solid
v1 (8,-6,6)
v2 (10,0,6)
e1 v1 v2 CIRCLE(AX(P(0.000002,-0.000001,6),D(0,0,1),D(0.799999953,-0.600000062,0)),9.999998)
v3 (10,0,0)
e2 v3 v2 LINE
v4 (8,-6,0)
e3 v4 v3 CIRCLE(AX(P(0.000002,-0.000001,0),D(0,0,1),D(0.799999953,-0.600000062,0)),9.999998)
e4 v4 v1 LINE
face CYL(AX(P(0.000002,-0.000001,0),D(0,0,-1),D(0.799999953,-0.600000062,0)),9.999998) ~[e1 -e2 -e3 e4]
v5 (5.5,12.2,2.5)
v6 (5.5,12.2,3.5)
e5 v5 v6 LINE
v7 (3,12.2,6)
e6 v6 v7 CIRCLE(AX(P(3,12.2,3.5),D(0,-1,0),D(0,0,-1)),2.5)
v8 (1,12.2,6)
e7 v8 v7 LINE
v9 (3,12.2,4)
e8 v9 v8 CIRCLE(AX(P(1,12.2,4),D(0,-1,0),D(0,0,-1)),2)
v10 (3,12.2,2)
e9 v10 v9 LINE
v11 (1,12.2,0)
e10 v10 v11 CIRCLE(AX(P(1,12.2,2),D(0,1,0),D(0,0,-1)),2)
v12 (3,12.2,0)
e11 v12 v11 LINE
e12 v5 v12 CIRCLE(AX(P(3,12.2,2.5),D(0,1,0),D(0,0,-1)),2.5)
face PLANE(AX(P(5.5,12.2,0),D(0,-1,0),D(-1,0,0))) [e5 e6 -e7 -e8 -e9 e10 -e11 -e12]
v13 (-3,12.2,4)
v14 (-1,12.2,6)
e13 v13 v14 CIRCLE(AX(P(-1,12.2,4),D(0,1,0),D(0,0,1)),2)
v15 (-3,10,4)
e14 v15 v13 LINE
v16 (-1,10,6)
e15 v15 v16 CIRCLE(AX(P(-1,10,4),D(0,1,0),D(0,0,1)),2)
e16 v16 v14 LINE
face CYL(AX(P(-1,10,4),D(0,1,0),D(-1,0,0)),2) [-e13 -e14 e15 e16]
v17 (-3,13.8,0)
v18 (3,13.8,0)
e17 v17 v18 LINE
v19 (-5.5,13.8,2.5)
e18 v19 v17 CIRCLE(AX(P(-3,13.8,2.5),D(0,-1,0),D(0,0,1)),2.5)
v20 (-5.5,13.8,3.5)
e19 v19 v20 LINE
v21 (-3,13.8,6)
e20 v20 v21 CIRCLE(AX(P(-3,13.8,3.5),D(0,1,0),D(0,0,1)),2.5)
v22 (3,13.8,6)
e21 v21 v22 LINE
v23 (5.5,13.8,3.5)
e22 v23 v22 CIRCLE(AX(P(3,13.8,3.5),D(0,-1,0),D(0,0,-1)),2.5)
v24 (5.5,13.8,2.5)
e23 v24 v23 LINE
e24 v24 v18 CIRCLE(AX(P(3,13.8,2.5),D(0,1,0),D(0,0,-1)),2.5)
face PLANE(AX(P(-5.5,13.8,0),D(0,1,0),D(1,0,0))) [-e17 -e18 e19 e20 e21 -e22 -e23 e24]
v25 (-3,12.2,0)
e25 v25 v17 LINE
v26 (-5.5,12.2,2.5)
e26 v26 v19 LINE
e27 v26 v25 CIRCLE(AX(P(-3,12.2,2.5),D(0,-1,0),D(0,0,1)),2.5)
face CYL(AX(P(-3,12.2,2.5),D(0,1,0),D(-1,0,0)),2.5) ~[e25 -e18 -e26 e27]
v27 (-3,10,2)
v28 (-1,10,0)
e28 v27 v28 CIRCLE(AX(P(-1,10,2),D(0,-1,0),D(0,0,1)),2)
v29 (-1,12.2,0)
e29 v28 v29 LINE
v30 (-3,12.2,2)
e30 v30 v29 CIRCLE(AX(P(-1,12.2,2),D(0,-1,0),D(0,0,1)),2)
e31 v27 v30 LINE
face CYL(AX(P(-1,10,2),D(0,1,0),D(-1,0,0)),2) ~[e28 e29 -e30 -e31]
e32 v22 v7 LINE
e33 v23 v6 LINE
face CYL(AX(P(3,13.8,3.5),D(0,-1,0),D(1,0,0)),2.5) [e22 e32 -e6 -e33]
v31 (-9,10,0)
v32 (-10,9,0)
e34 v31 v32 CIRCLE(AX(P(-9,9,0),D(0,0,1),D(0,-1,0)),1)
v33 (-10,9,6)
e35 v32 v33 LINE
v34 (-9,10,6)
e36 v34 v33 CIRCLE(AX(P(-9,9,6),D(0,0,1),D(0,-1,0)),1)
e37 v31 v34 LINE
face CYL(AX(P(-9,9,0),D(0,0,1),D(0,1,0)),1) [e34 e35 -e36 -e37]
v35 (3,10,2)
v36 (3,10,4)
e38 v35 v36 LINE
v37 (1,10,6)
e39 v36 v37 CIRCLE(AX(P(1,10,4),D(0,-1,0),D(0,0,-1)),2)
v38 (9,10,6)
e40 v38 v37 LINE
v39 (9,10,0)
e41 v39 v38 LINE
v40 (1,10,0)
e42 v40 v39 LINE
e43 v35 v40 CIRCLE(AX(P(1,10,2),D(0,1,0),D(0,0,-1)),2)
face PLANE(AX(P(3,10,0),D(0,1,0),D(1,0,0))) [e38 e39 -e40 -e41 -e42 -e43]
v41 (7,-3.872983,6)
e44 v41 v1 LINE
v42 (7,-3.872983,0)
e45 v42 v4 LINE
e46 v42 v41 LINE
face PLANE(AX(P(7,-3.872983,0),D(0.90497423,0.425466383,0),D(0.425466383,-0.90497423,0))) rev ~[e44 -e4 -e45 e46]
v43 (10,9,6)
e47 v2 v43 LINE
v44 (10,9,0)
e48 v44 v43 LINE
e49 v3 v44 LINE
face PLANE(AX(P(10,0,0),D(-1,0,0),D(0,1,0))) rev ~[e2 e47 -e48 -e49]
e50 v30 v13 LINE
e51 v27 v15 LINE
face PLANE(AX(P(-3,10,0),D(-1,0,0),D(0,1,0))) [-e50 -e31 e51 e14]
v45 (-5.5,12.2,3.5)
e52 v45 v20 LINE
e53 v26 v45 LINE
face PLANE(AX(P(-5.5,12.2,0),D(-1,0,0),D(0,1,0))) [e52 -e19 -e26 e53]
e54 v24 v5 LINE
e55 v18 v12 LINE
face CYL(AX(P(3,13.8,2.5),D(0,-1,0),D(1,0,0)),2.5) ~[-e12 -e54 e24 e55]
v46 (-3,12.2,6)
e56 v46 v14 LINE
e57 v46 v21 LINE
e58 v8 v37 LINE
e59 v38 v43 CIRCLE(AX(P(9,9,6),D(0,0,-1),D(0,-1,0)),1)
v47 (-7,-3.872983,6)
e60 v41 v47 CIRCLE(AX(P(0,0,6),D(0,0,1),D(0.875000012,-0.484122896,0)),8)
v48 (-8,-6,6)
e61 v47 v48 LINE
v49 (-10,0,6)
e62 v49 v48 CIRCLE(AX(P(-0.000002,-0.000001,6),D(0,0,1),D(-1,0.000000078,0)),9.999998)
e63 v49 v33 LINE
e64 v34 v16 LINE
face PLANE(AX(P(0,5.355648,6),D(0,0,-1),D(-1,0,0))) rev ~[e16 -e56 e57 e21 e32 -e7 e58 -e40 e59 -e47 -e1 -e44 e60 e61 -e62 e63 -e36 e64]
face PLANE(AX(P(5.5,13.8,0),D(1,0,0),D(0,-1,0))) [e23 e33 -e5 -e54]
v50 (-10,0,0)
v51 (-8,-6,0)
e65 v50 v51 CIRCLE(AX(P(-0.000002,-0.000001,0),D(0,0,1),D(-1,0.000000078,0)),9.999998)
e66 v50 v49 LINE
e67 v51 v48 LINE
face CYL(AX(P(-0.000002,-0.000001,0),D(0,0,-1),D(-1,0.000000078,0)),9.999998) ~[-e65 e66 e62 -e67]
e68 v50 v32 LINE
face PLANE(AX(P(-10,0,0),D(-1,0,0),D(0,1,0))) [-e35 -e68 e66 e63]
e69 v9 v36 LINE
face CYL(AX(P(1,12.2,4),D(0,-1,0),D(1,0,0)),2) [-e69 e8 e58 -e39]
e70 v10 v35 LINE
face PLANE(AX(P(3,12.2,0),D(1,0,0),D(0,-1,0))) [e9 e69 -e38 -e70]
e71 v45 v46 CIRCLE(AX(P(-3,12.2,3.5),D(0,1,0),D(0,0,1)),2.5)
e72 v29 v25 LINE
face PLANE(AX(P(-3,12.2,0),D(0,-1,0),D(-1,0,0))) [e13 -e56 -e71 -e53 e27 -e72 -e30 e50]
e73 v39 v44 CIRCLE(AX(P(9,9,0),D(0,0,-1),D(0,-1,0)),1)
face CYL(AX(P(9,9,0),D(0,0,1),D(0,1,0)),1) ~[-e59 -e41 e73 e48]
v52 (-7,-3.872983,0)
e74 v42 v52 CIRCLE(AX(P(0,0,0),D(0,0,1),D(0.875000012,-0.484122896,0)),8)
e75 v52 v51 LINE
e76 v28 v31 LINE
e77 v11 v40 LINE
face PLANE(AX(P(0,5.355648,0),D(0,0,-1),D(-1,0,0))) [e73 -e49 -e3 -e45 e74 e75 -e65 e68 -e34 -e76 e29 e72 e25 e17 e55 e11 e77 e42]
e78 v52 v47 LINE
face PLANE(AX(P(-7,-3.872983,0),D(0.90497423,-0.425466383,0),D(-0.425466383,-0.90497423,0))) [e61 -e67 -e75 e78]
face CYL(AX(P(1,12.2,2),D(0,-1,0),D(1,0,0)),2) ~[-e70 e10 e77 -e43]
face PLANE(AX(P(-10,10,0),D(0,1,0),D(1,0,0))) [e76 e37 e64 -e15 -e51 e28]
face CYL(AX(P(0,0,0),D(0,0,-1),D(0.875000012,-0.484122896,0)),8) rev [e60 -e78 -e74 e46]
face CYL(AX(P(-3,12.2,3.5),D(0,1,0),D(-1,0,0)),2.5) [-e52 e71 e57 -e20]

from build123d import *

# Parameters (mm, degrees)
PAD003_DEPTH = 6
FILLET_R     = 2
FILLET001_R  = 2.5
FILLET002_R  = 1


with BuildPart() as part:
    # Sketch023 → Pad003 (new body)
    with BuildSketch(Plane.XY):
        with BuildLine():
            ThreePointArc((7, -3.872983), (0, 8), (-7, -3.872983))
            Line((-7, -3.872983), (-8, -6))
            ThreePointArc((-10, 0), (-9.486833, -3.162278), (-8, -6))
            Line((-10, 0), (-10, 10))
            Line((-10, 10), (-3, 10))
            Line((-3, 10), (-3, 12.2))
            Line((-3, 12.2), (-5.5, 12.2))
            Line((-5.5, 12.2), (-5.5, 13.8))
            Line((-5.5, 13.8), (5.5, 13.8))
            Line((5.5, 13.8), (5.5, 12.2))
            Line((5.5, 12.2), (3, 12.2))
            Line((3, 12.2), (3, 10))
            Line((3, 10), (10, 10))
            Line((10, 0), (10, 10))
            ThreePointArc((8, -6), (9.486833, -3.162278), (10, 0))
            Line((7, -3.872983), (8, -6))
        make_face()
    extrude(amount=PAD003_DEPTH)

    # Fillet
    fillet_edges = [part.edges().sort_by_distance(p)[0] for p in [
        (-3, 11.1, 0),
        (-3, 11.1, 6),
        (3, 11.1, 6),
        (3, 11.1, 0),
    ]]
    fillet(fillet_edges, radius=FILLET_R)

    # Fillet001
    fillet001_edges = [part.edges().sort_by_distance(p)[0] for p in [
        (5.5, 13, 6),
        (5.5, 13, 0),
        (-5.5, 13, 6),
        (-5.5, 13, 0),
    ]]
    fillet(fillet001_edges, radius=FILLET001_R)

    # Fillet002
    fillet002_edges = [part.edges().sort_by_distance(p)[0] for p in [
        (10, 10, 3),
        (-10, 10, 3),
    ]]
    fillet(fillet002_edges, radius=FILLET002_R)


solid = part.part
